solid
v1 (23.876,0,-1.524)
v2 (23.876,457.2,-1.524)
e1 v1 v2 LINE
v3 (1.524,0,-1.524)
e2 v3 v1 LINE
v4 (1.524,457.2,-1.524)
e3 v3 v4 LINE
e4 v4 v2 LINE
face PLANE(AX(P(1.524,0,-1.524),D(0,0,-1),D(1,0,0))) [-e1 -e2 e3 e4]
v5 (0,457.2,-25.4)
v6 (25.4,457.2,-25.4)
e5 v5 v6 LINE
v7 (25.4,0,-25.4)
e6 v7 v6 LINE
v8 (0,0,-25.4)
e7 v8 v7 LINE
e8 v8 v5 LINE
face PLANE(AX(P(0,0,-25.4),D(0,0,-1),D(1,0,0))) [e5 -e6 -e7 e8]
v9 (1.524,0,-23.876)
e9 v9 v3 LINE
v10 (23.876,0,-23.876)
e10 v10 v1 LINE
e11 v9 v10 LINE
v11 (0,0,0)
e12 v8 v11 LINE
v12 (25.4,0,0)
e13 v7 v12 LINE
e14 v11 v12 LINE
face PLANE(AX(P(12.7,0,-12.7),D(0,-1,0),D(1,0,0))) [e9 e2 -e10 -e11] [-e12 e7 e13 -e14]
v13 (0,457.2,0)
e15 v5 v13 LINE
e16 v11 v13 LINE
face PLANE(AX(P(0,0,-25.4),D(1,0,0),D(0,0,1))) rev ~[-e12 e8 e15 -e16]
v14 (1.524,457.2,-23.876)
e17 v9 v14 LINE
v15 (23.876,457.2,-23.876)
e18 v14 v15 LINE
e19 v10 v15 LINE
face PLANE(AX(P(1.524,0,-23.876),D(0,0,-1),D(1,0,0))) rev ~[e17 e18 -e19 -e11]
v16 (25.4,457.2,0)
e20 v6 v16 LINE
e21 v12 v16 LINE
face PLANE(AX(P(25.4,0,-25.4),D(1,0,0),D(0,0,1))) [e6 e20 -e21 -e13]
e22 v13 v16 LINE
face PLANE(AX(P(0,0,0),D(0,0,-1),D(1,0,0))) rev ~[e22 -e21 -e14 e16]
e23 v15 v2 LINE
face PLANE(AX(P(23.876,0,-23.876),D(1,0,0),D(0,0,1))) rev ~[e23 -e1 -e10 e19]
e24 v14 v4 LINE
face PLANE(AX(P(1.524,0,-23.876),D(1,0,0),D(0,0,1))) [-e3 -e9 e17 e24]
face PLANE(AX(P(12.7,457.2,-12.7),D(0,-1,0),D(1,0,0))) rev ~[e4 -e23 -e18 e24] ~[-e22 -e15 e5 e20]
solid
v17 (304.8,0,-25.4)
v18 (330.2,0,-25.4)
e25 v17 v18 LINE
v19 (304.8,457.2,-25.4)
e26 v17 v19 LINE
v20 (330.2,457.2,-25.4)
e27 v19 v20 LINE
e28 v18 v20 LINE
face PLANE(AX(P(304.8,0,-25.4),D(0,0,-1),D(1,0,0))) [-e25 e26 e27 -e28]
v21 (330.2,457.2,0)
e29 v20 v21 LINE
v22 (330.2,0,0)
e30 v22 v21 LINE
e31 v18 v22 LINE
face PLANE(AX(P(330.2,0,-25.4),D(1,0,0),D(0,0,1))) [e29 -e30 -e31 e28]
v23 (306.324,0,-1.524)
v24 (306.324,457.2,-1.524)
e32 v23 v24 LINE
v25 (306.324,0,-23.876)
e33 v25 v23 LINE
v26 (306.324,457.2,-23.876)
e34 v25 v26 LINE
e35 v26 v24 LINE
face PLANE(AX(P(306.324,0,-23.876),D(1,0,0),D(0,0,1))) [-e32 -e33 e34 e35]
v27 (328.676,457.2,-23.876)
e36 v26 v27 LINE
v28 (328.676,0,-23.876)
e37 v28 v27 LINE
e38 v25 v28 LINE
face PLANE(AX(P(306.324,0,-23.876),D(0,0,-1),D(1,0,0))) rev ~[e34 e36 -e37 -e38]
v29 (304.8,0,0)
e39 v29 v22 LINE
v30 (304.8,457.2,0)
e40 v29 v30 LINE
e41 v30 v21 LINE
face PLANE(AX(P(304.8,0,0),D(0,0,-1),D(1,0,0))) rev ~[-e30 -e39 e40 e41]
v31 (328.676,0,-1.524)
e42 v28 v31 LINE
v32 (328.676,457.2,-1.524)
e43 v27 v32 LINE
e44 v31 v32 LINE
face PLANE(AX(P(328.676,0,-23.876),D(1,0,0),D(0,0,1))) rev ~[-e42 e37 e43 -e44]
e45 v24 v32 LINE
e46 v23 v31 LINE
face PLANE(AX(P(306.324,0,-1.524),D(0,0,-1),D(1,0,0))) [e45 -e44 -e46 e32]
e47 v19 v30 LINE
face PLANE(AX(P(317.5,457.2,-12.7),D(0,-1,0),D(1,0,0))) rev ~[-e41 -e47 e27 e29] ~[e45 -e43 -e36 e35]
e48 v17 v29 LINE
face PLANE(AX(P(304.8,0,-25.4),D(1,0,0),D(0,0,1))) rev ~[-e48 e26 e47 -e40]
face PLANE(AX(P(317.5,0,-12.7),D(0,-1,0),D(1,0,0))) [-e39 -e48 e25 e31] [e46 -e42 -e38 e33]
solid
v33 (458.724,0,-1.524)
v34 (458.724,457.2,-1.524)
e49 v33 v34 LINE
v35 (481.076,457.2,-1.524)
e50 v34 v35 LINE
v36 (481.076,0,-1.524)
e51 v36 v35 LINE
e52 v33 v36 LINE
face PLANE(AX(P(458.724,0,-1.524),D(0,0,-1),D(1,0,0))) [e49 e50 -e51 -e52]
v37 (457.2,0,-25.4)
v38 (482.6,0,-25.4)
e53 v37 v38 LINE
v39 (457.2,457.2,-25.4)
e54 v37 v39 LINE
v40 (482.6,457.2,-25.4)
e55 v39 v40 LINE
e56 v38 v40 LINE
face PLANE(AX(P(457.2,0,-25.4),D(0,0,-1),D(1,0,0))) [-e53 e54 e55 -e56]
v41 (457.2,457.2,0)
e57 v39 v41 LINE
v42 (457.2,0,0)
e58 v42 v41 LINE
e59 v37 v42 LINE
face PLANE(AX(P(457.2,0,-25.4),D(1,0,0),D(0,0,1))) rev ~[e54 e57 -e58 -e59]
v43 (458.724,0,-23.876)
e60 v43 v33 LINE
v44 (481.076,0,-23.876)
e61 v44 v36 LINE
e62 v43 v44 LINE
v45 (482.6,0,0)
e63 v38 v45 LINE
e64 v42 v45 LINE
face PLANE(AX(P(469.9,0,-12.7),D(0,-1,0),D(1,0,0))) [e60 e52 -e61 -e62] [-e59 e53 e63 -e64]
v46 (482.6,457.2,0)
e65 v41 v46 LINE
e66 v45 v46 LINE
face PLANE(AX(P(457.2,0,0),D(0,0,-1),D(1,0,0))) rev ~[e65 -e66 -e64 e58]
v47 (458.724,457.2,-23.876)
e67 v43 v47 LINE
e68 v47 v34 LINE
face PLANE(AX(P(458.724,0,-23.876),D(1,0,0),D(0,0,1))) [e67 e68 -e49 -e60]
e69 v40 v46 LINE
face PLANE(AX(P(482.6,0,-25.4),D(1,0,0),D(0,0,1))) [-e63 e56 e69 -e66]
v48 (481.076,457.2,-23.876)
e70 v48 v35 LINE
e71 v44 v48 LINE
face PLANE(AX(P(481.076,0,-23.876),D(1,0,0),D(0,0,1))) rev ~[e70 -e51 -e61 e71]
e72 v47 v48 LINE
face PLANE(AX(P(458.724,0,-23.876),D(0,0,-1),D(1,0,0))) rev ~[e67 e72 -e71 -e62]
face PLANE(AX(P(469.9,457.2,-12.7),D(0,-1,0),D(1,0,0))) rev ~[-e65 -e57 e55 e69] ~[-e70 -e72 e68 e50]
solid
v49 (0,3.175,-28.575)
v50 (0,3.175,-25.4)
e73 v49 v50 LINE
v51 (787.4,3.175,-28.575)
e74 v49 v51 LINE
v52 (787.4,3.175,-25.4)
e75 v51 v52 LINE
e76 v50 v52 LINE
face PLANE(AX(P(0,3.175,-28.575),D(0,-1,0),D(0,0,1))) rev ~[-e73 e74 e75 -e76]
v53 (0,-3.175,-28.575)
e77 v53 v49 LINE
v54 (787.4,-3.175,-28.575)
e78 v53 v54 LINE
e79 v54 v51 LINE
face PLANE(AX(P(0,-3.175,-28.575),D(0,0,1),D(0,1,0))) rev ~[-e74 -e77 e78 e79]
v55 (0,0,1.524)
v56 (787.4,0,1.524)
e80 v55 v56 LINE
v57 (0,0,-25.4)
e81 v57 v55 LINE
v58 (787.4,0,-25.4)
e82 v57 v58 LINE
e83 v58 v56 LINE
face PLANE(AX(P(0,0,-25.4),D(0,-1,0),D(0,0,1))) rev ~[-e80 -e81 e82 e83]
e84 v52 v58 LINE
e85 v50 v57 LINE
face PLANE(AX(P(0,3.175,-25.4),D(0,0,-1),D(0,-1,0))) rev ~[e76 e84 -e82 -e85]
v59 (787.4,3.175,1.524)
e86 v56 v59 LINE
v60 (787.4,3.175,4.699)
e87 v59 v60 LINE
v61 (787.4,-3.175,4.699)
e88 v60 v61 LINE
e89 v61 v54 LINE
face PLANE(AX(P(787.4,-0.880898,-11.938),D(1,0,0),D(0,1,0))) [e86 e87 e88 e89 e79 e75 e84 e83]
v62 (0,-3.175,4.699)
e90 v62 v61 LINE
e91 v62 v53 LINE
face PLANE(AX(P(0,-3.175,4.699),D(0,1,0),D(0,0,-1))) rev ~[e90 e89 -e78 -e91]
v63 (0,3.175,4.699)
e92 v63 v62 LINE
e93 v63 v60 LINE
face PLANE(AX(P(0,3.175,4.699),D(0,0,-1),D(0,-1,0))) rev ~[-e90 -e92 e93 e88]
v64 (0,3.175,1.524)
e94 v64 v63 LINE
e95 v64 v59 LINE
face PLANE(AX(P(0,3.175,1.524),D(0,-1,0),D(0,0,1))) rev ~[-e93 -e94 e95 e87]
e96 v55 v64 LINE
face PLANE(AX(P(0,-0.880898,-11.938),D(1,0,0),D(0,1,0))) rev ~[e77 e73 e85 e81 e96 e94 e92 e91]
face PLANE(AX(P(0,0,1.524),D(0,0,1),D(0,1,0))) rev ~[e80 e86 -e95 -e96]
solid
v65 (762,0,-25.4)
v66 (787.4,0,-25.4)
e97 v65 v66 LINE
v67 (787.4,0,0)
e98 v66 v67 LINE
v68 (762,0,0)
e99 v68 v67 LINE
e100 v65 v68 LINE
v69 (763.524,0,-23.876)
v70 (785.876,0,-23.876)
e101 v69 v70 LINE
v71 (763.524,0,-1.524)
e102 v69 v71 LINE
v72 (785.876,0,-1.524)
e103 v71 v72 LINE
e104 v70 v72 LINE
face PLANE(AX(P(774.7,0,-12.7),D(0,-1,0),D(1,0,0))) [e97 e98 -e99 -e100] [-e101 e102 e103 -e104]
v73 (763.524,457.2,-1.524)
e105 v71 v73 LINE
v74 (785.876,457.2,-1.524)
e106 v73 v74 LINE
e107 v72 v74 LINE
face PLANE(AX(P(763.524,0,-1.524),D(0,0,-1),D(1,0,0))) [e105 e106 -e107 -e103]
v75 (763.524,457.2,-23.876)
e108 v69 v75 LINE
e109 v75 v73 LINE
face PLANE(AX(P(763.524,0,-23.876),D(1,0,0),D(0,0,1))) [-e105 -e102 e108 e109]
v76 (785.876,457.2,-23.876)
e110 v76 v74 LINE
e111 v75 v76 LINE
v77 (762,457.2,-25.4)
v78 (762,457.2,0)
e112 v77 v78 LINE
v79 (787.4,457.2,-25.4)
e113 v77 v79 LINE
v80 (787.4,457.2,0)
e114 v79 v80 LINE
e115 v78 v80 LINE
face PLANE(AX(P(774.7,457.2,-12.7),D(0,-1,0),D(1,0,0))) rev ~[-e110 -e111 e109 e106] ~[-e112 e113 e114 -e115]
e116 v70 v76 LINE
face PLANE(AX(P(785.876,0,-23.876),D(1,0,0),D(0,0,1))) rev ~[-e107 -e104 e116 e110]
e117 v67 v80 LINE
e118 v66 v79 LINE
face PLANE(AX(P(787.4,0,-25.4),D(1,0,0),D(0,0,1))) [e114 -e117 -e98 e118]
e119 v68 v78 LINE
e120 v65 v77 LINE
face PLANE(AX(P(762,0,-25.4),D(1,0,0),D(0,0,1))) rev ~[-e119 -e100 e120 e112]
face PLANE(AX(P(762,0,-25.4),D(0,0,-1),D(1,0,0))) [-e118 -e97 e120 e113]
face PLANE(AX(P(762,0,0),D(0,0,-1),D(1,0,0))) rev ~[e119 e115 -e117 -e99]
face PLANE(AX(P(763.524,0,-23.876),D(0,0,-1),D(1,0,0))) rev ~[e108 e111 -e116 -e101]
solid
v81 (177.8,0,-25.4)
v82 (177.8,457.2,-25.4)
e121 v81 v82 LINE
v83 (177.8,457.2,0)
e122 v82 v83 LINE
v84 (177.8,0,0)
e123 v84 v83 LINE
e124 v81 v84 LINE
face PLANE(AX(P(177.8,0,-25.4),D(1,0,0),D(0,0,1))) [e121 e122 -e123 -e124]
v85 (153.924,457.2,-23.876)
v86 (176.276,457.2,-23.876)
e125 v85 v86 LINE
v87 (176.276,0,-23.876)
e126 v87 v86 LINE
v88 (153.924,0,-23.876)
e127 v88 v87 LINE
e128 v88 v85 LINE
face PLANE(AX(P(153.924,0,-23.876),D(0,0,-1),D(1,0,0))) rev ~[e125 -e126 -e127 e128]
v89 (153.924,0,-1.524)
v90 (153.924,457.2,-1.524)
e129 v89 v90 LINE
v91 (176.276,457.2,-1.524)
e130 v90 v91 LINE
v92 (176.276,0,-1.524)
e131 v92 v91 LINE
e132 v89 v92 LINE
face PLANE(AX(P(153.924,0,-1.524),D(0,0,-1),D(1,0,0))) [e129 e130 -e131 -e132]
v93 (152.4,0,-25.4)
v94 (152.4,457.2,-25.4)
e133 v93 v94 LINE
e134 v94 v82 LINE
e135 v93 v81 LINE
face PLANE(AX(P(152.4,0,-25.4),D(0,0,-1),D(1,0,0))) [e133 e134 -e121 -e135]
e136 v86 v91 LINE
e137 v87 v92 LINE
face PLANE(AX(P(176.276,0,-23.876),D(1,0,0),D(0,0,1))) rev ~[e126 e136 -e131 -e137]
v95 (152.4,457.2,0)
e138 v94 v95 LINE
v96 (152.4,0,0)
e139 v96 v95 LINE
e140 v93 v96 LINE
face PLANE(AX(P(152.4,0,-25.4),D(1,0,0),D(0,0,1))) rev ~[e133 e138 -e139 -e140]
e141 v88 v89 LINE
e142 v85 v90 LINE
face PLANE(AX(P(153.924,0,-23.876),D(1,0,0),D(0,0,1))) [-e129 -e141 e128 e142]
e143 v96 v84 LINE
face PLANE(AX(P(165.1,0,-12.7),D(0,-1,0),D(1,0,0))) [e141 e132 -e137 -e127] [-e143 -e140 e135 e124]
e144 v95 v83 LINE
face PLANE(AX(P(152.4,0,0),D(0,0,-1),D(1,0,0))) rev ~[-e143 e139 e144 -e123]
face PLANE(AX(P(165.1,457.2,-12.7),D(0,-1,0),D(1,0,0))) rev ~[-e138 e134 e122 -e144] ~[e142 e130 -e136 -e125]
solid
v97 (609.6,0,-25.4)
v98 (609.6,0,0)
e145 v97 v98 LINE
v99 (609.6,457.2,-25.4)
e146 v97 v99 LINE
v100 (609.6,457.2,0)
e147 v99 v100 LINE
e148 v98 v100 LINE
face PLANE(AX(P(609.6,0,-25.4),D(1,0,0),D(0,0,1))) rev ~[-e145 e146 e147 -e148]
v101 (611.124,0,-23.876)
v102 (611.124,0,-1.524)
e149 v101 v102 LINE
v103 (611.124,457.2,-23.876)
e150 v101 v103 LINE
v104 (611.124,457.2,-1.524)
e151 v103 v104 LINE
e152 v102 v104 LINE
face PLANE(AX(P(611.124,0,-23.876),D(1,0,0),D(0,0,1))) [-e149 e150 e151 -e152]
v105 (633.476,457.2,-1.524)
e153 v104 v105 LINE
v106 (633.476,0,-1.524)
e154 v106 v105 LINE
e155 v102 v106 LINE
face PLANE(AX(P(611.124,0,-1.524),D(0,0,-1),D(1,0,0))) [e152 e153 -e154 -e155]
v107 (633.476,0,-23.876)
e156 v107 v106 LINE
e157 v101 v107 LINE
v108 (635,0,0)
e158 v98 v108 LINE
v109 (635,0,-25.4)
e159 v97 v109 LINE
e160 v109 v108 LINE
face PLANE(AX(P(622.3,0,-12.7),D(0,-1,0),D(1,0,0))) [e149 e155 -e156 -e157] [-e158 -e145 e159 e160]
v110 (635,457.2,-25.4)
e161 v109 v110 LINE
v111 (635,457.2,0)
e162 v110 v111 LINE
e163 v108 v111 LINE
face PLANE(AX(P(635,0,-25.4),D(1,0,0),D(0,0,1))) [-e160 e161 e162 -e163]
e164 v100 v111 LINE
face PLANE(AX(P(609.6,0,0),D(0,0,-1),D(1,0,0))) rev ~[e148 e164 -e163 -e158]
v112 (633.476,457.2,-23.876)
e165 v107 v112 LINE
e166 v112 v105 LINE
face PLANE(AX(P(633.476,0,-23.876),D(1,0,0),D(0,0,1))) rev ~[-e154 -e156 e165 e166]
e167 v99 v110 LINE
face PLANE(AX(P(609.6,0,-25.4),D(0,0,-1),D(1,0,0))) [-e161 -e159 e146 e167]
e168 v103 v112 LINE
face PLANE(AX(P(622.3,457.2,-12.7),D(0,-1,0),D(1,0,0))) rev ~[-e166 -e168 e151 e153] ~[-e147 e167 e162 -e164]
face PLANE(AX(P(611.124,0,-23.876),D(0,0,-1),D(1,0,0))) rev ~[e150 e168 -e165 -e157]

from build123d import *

# Parameters (mm, degrees)
F0_W     = 25.4
F0_H     = 25.4
F0_W_2   = 22.352
F0_H_2   = 22.352
F1_DEPTH = 457.2
F3_DEPTH = 787.4


with BuildPart() as f1:
    # F0 (on Front) → F1 (new body)
    with BuildSketch(Plane.XZ):
        with Locations((12.7, -12.7)):
            Rectangle(F0_W, F0_H)
        with Locations((12.7, -12.7)):
            Rectangle(F0_W_2, F0_H_2, mode=Mode.SUBTRACT)
        with Locations((165.1, -12.7)):
            Rectangle(F0_W, F0_H)
        with Locations((165.1, -12.7)):
            Rectangle(F0_W_2, F0_H_2, mode=Mode.SUBTRACT)
        with Locations((317.5, -12.7)):
            Rectangle(F0_W, F0_H)
        with Locations((317.5, -12.7)):
            Rectangle(F0_W_2, F0_H_2, mode=Mode.SUBTRACT)
        with Locations((469.9, -12.7)):
            Rectangle(F0_W, F0_H)
        with Locations((469.9, -12.7)):
            Rectangle(F0_W_2, F0_H_2, mode=Mode.SUBTRACT)
        with Locations((622.3, -12.7)):
            Rectangle(F0_W, F0_H)
        with Locations((622.3, -12.7)):
            Rectangle(F0_W_2, F0_H_2, mode=Mode.SUBTRACT)
        with Locations((774.7, -12.7)):
            Rectangle(F0_W, F0_H)
        with Locations((774.7, -12.7)):
            Rectangle(F0_W_2, F0_H_2, mode=Mode.SUBTRACT)
    extrude(amount=-F1_DEPTH)


with BuildPart() as f3:
    # F2 (on Right) → F3 (new body)
    with BuildSketch(Plane.YZ):
        Polygon((3.175, 1.524), (3.175, 4.699), (-3.175, 4.699), (-3.175, -28.575), (3.175, -28.575), (3.175, -25.4), (0, -25.4), (0, 1.524), align=None)
    extrude(amount=F3_DEPTH)


solid = Compound([f1.part, f3.part])
